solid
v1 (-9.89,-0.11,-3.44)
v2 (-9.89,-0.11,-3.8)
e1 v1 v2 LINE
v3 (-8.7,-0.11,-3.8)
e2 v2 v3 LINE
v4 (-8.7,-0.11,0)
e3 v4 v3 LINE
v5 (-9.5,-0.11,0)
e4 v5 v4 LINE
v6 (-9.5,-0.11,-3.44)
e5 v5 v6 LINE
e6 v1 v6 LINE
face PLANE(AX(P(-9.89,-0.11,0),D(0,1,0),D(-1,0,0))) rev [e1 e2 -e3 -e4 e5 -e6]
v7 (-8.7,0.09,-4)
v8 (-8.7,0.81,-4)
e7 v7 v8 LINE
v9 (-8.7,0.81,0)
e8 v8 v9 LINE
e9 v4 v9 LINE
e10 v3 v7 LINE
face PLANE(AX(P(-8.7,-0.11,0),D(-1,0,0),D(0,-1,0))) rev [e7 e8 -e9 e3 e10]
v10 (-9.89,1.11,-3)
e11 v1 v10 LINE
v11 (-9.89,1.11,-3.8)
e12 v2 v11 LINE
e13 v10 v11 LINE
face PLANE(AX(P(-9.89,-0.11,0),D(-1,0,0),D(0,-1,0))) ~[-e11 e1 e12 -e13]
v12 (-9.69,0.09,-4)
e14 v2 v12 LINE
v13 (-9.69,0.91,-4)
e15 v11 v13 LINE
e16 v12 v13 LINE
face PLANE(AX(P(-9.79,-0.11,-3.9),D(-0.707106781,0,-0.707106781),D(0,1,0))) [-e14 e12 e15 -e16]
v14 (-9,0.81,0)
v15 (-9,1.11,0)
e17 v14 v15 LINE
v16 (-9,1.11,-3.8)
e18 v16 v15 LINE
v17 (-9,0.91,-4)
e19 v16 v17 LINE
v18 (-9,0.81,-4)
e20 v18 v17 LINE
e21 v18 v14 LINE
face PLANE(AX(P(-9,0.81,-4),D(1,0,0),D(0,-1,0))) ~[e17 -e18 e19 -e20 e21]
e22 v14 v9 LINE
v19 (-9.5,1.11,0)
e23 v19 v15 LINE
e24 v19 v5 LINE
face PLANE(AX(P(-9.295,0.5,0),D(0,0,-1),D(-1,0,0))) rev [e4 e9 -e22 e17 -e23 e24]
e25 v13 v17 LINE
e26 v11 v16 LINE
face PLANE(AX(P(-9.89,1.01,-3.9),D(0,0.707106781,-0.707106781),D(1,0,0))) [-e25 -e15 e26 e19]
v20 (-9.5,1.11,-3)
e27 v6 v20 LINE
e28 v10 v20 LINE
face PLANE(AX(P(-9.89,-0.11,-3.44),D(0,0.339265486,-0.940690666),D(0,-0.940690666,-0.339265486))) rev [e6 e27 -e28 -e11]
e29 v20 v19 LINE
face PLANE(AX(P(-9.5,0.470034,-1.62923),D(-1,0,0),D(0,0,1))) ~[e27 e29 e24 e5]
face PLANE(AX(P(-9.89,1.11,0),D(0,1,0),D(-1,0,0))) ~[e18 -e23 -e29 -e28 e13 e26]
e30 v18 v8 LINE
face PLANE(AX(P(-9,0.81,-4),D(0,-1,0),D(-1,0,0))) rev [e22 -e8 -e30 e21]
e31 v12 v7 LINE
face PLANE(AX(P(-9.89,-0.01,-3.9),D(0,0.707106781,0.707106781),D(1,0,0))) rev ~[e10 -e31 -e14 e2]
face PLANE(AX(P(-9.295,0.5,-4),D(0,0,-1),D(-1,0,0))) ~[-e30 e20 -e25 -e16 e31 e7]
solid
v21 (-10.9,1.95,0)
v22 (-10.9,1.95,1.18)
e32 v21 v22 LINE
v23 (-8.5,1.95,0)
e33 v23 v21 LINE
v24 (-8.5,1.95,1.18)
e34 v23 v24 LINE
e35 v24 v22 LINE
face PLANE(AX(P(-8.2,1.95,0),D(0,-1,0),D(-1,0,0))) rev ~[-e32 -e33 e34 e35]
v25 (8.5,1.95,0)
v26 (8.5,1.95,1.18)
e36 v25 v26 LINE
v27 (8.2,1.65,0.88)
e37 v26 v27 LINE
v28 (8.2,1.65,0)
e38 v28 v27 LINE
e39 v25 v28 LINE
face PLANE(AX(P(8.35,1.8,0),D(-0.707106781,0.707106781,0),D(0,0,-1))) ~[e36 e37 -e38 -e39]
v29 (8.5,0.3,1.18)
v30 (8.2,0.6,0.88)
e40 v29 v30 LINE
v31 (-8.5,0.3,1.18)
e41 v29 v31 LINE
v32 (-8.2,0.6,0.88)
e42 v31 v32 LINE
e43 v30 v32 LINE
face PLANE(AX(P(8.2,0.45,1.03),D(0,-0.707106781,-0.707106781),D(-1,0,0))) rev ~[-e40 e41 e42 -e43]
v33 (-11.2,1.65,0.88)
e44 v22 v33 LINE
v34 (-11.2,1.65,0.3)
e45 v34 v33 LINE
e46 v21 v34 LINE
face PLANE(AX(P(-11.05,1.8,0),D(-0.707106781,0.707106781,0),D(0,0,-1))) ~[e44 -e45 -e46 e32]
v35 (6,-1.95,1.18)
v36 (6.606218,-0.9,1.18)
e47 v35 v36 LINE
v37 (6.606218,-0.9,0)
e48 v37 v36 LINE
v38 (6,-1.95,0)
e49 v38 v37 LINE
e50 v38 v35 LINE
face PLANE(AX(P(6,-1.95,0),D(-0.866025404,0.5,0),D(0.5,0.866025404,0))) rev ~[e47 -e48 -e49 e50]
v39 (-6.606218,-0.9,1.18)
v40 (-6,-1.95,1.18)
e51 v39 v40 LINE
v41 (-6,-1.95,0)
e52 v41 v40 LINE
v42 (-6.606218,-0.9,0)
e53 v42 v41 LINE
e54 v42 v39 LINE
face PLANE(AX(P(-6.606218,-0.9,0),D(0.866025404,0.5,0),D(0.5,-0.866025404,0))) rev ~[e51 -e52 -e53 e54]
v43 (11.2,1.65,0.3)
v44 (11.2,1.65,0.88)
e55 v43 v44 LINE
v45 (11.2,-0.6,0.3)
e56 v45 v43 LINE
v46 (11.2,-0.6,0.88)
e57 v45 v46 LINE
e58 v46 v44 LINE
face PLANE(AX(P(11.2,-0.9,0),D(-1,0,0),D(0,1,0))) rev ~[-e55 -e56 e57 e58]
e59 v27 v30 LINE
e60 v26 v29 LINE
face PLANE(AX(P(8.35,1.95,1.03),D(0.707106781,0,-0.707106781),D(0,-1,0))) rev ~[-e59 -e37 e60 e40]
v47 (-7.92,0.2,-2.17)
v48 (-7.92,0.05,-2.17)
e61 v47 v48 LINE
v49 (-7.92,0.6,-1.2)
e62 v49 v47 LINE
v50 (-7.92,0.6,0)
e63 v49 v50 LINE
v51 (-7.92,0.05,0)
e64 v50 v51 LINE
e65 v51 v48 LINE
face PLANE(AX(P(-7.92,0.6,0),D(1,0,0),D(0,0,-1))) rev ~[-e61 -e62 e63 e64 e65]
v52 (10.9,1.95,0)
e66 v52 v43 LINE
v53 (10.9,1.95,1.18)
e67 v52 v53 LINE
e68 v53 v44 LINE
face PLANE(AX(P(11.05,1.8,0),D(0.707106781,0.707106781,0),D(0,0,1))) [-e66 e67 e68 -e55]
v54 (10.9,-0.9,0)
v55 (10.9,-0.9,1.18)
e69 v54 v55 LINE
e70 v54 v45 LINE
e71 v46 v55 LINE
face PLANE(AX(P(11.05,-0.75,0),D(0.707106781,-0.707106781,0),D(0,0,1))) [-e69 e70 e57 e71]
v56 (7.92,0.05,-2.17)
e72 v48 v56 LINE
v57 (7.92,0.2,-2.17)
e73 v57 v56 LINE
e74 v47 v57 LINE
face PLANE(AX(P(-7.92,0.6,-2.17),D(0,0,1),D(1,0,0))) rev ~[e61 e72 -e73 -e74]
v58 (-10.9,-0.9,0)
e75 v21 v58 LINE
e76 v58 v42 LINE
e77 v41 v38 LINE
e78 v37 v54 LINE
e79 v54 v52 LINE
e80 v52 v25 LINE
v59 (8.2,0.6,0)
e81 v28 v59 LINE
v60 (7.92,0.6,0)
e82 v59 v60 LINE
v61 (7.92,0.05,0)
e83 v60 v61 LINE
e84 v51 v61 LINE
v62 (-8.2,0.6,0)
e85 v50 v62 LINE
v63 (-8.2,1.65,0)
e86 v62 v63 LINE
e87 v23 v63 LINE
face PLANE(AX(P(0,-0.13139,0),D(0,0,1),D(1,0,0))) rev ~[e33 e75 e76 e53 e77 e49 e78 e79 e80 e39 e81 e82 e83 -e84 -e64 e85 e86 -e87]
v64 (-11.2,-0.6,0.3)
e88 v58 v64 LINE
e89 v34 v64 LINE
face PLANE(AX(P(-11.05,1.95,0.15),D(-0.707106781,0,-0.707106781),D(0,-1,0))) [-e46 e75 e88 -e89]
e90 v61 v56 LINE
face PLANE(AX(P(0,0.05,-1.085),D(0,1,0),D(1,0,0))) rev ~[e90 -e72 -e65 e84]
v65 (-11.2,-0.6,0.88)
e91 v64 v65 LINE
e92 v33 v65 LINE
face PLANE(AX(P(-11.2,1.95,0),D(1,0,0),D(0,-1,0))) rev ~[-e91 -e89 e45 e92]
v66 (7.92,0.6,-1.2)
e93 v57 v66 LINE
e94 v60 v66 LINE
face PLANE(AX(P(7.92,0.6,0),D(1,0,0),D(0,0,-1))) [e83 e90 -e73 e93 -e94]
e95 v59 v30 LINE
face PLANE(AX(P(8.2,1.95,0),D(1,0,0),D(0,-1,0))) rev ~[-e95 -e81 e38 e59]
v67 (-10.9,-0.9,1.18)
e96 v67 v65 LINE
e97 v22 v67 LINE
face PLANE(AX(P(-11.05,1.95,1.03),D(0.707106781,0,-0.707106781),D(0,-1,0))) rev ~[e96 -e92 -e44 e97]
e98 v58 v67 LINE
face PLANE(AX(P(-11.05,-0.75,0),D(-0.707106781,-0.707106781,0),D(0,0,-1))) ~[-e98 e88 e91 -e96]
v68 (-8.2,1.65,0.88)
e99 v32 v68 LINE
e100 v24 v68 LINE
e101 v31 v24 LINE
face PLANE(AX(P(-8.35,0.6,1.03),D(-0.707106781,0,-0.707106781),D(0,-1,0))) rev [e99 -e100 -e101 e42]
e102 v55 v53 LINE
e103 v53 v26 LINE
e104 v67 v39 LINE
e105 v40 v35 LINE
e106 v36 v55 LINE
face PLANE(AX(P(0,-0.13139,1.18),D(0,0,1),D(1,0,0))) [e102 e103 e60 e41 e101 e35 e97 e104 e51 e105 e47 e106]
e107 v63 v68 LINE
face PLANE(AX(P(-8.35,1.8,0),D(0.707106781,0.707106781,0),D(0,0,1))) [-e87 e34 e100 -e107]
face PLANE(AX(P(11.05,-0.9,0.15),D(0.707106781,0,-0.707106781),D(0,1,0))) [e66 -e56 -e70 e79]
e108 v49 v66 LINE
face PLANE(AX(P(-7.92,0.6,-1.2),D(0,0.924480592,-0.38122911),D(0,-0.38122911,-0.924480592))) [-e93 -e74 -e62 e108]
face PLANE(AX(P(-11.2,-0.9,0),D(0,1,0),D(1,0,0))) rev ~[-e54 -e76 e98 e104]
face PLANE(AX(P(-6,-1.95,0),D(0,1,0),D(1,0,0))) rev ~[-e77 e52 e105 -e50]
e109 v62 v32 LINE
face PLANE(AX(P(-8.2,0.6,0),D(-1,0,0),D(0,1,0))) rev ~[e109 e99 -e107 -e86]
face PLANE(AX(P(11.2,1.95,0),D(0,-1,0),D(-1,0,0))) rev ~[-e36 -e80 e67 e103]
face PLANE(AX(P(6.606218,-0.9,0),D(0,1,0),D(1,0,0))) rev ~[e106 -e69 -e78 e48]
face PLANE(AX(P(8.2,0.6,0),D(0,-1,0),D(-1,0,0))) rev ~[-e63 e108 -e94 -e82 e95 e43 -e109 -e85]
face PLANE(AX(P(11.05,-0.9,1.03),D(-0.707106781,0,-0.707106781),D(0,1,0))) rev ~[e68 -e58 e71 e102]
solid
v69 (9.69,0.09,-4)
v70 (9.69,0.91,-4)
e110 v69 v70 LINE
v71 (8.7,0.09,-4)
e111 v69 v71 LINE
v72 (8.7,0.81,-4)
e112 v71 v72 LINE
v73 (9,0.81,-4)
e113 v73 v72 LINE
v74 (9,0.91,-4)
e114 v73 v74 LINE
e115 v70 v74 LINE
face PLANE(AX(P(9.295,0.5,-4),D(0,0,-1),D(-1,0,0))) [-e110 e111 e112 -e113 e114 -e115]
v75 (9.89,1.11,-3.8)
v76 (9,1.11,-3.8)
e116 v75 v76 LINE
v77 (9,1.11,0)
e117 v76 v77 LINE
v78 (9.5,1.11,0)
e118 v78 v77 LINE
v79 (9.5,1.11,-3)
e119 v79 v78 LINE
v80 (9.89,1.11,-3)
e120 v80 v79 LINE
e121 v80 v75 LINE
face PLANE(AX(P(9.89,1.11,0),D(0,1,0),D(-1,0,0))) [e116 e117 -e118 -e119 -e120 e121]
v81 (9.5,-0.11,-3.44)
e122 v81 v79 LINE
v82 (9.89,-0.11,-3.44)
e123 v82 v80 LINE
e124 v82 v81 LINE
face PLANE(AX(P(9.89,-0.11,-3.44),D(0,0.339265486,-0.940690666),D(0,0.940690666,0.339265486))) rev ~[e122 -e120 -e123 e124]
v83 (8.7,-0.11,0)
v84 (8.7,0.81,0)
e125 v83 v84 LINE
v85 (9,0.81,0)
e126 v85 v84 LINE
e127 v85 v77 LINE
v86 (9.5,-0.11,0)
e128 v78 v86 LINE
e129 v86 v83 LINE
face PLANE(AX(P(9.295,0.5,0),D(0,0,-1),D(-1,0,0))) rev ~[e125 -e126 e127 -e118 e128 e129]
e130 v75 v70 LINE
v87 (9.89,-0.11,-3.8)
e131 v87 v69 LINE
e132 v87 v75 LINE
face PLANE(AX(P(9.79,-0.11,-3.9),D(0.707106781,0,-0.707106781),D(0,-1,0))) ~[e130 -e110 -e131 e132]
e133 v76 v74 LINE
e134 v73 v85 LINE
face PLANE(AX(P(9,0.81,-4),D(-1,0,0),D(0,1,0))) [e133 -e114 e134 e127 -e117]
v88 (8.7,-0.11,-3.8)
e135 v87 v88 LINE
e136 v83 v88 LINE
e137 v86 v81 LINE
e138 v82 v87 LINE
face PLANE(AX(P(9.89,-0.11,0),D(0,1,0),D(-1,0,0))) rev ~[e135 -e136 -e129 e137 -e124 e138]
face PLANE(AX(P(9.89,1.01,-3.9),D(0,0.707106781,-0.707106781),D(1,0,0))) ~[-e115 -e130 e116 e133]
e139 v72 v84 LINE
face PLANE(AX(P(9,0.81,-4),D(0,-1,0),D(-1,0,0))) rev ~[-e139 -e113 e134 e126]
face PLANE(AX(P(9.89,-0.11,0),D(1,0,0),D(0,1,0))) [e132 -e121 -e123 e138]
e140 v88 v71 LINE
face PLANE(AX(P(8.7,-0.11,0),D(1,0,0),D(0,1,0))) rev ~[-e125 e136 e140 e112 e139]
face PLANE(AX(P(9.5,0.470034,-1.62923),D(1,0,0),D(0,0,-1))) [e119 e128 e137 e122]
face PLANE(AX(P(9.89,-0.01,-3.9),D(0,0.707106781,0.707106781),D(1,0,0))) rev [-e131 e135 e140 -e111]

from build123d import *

# Parameters (mm, degrees)
BOSS_EXTRUDE1_DEPTH     = 1.18
SKETCH2_W               = 15.84
SKETCH2_H               = 2.17
BOSS_EXTRUDE2_DEPTH     = 0.55
CUT_EXTRUDE1_DEPTH      = 4.28
CUT_EXTRUDE1_DEPTH_BACK = 20.12
CHAMFER1_SIZE           = 0.3
CHAMFER2_SIZE           = 0.3
SKETCH4_W               = 1.19
SKETCH4_H               = 1.22
BOSS_EXTRUDE3_DEPTH     = 4
SKETCH5_W               = 0.3
SKETCH5_H               = 0.3
CUT_EXTRUDE2_DEPTH      = 4
CHAMFER3_SIZE           = 0.2
CUT_EXTRUDE3_DEPTH      = 0.39


with BuildPart() as part:
    # Sketch1 → Boss-Extrude1 (new body)
    with BuildSketch(Plane.XY):
        Polygon((-8.2, 0.6), (-8.2, 1.95), (-11.2, 1.95), (-11.2, -0.9), (-6.606217783, -0.9), (-6, -1.95), (6, -1.95), (6.606217783, -0.9), (11.2, -0.9), (11.2, 1.95), (8.2, 1.95), (8.2, 0.6), align=None)
    extrude(amount=BOSS_EXTRUDE1_DEPTH)

    # Sketch2 → Boss-Extrude2 (add)
    with BuildSketch(Plane(origin=(0, 0.6, 0), x_dir=(1, 0, 0), z_dir=(0, 1, 0))):
        with Locations((0, 1.085)):
            Rectangle(SKETCH2_W, SKETCH2_H)
    extrude(amount=-BOSS_EXTRUDE2_DEPTH)

    # Sketch3 → Cut-Extrude1 (cut, two sides)
    with BuildSketch(Plane.ZY.offset(7.92)) as cut_extrude1_sk:
        Polygon((-1.2, 0.6), (-2.17, 0.2), (-2.17, 0.6), align=None)
    extrude(amount=CUT_EXTRUDE1_DEPTH, mode=Mode.SUBTRACT)
    extrude(cut_extrude1_sk.sketch, amount=-CUT_EXTRUDE1_DEPTH_BACK, mode=Mode.SUBTRACT)

    # Chamfer1
    chamfer1_edges = [part.edges().sort_by_distance(p)[0] for p in [
        (11.2, 0.525, 0),
        (-11.2, 0.525, 1.18),
        (-11.2, 0.525, 0),
        (11.2, 1.95, 0.59),
        (11.2, -0.9, 0.59),
        (-11.2, -0.9, 0.59),
        (-11.2, 1.95, 0.59),
        (11.2, 0.525, 1.18),
    ]]
    chamfer(chamfer1_edges, length=CHAMFER1_SIZE)

    # Chamfer2
    chamfer2_edges = [part.edges().sort_by_distance(p)[0] for p in [
        (8.2, 1.95, 0.59),
        (-8.2, 1.95, 0.59),
        (8.2, 1.275, 1.18),
        (0, 0.6, 1.18),
        (-8.2, 1.275, 1.18),
    ]]
    chamfer(chamfer2_edges, length=CHAMFER2_SIZE)


with BuildPart() as body_2:
    # Sketch4 → Boss-Extrude3 (new body)
    with BuildSketch(Plane(origin=(0, 0, 0), x_dir=(-1, 0, 0), z_dir=(0, 0, -1))):
        with Locations((-9.295, 0.5)):
            Rectangle(SKETCH4_W, SKETCH4_H)
    extrude(amount=BOSS_EXTRUDE3_DEPTH)

    # Sketch5 → Cut-Extrude2 (cut)
    with BuildSketch(Plane(origin=(0, 0, -4), x_dir=(-1, 0, 0), z_dir=(0, 0, -1))):
        with Locations((-8.85, 0.96)):
            Rectangle(SKETCH5_W, SKETCH5_H)
    extrude(amount=-CUT_EXTRUDE2_DEPTH, mode=Mode.SUBTRACT)

    # Chamfer3
    chamfer3_edges = [body_2.edges().sort_by_distance(p)[0] for p in [
        (9.89, 0.5, -4),
        (9.295, -0.11, -4),
        (9.445, 1.11, -4),
    ]]
    chamfer(chamfer3_edges, length=CHAMFER3_SIZE)

    # Sketch6 → Cut-Extrude3 (cut)
    with BuildSketch(Plane(origin=(9.89, 0, 0), x_dir=(0, 0, -1), z_dir=(1, 0, 0))):
        Polygon((3.44, -0.11), (3, 1.11), (0, 1.11), (0, -0.11), align=None)
    extrude(amount=-CUT_EXTRUDE3_DEPTH, mode=Mode.SUBTRACT)


with BuildPart() as body_3:
    # Mirror1: mirrored copy
    add(body_2.part.mirror(Plane(origin=(0, 0, 0), x_dir=(0, 0, 1), z_dir=(1, 0, 0))))


solid = Compound([part.part, body_2.part, body_3.part])
